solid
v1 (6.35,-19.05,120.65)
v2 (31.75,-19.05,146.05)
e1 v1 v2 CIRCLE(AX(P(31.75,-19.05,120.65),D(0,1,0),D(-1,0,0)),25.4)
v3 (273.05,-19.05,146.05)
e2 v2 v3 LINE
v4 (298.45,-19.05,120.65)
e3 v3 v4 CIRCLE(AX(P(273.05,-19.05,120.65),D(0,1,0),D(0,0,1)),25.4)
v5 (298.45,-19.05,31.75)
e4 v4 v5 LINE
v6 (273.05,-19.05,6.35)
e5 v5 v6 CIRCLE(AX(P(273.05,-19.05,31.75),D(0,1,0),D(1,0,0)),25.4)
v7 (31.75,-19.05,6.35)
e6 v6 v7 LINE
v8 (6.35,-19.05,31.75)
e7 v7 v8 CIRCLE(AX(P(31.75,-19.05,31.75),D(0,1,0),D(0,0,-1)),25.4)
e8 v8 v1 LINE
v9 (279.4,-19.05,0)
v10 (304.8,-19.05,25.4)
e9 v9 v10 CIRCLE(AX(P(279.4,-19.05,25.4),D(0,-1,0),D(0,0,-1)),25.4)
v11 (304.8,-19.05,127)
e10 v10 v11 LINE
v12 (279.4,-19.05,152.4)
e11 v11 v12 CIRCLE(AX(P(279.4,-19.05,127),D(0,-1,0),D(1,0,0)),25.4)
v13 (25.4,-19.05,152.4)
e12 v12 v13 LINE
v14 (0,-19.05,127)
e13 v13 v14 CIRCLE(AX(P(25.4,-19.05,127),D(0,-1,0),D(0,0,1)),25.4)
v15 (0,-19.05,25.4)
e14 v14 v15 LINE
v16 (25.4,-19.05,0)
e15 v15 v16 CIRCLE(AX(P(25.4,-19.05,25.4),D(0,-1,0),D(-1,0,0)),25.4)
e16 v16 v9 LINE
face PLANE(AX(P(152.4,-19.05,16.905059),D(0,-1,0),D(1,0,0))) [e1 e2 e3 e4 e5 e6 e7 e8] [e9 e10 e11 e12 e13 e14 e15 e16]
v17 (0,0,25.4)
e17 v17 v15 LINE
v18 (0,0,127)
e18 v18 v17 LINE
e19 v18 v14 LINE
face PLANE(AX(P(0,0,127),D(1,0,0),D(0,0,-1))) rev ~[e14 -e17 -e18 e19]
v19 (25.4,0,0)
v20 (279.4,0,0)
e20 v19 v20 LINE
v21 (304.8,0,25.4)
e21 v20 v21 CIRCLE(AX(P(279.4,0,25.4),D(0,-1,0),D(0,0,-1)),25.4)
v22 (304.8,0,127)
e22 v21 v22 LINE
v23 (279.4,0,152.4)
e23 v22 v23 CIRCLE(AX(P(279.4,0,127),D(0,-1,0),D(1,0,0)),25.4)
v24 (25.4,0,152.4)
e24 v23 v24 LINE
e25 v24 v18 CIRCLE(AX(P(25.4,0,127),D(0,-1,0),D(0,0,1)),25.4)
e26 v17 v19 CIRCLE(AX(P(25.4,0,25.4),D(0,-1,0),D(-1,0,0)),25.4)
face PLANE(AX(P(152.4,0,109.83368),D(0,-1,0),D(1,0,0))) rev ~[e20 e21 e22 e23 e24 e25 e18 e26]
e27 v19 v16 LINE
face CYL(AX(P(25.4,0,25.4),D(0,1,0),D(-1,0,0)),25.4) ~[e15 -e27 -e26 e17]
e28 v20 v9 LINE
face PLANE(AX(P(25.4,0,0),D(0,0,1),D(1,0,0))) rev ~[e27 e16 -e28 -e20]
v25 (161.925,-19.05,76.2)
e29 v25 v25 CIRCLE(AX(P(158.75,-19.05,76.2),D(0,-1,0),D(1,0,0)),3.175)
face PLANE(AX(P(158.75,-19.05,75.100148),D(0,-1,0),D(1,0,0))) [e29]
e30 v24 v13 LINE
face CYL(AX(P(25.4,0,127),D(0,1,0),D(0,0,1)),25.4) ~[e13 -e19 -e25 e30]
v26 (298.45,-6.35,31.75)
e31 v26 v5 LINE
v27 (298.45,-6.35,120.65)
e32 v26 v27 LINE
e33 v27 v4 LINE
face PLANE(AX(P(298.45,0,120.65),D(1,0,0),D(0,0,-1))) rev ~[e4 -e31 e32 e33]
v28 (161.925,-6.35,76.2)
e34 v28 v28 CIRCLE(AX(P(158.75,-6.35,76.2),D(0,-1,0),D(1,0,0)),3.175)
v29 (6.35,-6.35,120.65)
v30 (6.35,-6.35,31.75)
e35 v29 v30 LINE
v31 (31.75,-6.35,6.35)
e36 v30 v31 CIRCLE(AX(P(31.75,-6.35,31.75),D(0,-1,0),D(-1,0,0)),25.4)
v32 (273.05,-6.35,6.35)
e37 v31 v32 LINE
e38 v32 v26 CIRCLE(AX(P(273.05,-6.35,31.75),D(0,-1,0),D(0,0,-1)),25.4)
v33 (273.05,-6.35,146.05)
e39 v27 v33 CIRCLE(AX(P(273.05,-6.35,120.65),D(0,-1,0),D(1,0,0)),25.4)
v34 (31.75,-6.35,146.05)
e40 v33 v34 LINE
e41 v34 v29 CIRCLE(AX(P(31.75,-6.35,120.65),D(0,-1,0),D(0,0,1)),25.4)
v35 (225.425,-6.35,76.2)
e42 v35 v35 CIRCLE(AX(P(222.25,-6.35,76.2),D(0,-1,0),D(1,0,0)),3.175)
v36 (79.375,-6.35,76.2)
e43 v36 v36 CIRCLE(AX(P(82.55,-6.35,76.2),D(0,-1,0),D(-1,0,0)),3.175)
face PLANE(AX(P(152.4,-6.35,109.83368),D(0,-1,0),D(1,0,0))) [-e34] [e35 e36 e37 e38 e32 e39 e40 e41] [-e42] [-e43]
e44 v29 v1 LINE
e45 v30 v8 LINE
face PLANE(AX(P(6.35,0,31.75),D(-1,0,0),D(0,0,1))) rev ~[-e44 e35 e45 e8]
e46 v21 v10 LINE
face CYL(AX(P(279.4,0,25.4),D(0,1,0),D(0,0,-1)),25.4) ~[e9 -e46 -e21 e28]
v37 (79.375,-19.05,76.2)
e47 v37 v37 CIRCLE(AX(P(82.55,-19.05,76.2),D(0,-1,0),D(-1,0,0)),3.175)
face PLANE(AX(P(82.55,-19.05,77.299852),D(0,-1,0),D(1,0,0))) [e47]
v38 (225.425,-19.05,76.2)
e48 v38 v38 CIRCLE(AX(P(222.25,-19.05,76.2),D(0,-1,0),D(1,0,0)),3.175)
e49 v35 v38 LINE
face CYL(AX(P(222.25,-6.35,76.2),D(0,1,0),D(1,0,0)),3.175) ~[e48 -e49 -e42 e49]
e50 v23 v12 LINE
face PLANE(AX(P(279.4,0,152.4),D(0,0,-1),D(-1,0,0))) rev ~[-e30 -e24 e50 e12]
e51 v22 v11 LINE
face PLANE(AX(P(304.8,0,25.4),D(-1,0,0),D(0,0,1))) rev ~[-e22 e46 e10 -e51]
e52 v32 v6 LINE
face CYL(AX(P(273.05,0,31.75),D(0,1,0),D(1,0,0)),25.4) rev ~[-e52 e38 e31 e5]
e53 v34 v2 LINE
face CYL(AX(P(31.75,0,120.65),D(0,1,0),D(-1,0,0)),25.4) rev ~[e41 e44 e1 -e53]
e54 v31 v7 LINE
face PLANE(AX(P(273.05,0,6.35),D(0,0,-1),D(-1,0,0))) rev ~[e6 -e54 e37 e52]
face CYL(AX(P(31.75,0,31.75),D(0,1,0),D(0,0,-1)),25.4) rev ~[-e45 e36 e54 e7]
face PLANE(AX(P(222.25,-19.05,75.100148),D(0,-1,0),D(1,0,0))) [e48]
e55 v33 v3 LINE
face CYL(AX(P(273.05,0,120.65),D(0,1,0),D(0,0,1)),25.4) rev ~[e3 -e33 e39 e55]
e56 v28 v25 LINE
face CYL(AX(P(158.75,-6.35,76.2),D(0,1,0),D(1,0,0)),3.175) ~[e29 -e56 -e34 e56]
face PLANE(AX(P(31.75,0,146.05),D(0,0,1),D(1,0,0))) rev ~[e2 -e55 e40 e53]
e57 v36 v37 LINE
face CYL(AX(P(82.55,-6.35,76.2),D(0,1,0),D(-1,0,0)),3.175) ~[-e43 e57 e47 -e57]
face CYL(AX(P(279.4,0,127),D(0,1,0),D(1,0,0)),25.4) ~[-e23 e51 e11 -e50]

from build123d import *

# Parameters (mm, degrees)
F1_DEPTH = 19.05
F2_DEPTH = 6.35
F4_DEPTH = 12.7


with BuildPart() as f1:
    # F0 (on Front) → F1 (new body)
    with BuildSketch(Plane.XZ):
        with BuildLine():
            ThreePointArc((0, 25.4), (7.4394877579, 7.4394877579), (25.4, 0))
            Line((25.4, 0), (279.4, 0))
            ThreePointArc((279.4, 0), (297.3605122421, 7.4394877579), (304.8, 25.4))
            Line((304.8, 25.4), (304.8, 76.2))
            Line((304.8, 76.2), (298.45, 76.2))
            Line((298.45, 76.2), (298.45, 31.75))
            ThreePointArc((298.45, 31.75), (291.0105122421, 13.7894877579), (273.05, 6.35))
            Line((273.05, 6.35), (31.75, 6.35))
            ThreePointArc((31.75, 6.35), (13.7894877579, 13.7894877579), (6.35, 31.75))
            Line((6.35, 31.75), (6.35, 76.2))
            Line((6.35, 76.2), (0, 76.2))
            Line((0, 76.2), (0, 25.4))
        make_face()
        with BuildLine():
            Line((0, 127), (0, 76.2))
            Line((0, 76.2), (6.35, 76.2))
            Line((6.35, 76.2), (6.35, 120.65))
            ThreePointArc((6.35, 120.65), (13.7894877579, 138.6105122421), (31.75, 146.05))
            Line((31.75, 146.05), (273.05, 146.05))
            ThreePointArc((273.05, 146.05), (291.0105122421, 138.6105122421), (298.45, 120.65))
            Line((298.45, 120.65), (298.45, 76.2))
            Line((298.45, 76.2), (304.8, 76.2))
            Line((304.8, 76.2), (304.8, 127))
            ThreePointArc((304.8, 127), (297.3605122421, 144.9605122421), (279.4, 152.4))
            Line((279.4, 152.4), (25.4, 152.4))
            ThreePointArc((25.4, 152.4), (7.4394877579, 144.9605122421), (0, 127))
        make_face()
    extrude(amount=F1_DEPTH)

    # F0 (on Front) → F2 (join)
    with BuildSketch(Plane.XZ):
        with BuildLine():
            Line((6.35, 120.65), (6.35, 76.2))
            Line((6.35, 76.2), (298.45, 76.2))
            Line((298.45, 76.2), (298.45, 120.65))
            ThreePointArc((298.45, 120.65), (291.0105122421, 138.6105122421), (273.05, 146.05))
            Line((273.05, 146.05), (31.75, 146.05))
            ThreePointArc((31.75, 146.05), (13.7894877579, 138.6105122421), (6.35, 120.65))
        make_face()
        with BuildLine():
            Line((298.45, 76.2), (6.35, 76.2))
            Line((6.35, 76.2), (6.35, 31.75))
            ThreePointArc((6.35, 31.75), (13.7894877579, 13.7894877579), (31.75, 6.35))
            Line((31.75, 6.35), (273.05, 6.35))
            ThreePointArc((273.05, 6.35), (291.0105122421, 13.7894877579), (298.45, 31.75))
            Line((298.45, 31.75), (298.45, 76.2))
        make_face()
    extrude(amount=F2_DEPTH)

    # F3 (on face) → F4 (join)
    with BuildSketch(Plane.XZ.offset(6.35)):
        with BuildLine():
            Line((79.375, 76.2), (85.725, 76.2))
            ThreePointArc((85.725, 76.2), (82.55, 79.375), (79.375, 76.2))
        make_face()
        with BuildLine():
            ThreePointArc((79.375, 76.2), (82.55, 73.025), (85.725, 76.2))
            Line((85.725, 76.2), (79.375, 76.2))
        make_face()
        with BuildLine():
            ThreePointArc((155.575, 76.2), (158.75, 73.025), (161.925, 76.2))
            Line((161.925, 76.2), (155.575, 76.2))
        make_face()
        with BuildLine():
            Line((155.575, 76.2), (161.925, 76.2))
            ThreePointArc((161.925, 76.2), (158.75, 79.375), (155.575, 76.2))
        make_face()
        with BuildLine():
            ThreePointArc((219.075, 76.2), (222.25, 73.025), (225.425, 76.2))
            Line((225.425, 76.2), (219.075, 76.2))
        make_face()
        with BuildLine():
            Line((219.075, 76.2), (225.425, 76.2))
            ThreePointArc((225.425, 76.2), (222.25, 79.375), (219.075, 76.2))
        make_face()
    extrude(amount=F4_DEPTH)


solid = f1.part
